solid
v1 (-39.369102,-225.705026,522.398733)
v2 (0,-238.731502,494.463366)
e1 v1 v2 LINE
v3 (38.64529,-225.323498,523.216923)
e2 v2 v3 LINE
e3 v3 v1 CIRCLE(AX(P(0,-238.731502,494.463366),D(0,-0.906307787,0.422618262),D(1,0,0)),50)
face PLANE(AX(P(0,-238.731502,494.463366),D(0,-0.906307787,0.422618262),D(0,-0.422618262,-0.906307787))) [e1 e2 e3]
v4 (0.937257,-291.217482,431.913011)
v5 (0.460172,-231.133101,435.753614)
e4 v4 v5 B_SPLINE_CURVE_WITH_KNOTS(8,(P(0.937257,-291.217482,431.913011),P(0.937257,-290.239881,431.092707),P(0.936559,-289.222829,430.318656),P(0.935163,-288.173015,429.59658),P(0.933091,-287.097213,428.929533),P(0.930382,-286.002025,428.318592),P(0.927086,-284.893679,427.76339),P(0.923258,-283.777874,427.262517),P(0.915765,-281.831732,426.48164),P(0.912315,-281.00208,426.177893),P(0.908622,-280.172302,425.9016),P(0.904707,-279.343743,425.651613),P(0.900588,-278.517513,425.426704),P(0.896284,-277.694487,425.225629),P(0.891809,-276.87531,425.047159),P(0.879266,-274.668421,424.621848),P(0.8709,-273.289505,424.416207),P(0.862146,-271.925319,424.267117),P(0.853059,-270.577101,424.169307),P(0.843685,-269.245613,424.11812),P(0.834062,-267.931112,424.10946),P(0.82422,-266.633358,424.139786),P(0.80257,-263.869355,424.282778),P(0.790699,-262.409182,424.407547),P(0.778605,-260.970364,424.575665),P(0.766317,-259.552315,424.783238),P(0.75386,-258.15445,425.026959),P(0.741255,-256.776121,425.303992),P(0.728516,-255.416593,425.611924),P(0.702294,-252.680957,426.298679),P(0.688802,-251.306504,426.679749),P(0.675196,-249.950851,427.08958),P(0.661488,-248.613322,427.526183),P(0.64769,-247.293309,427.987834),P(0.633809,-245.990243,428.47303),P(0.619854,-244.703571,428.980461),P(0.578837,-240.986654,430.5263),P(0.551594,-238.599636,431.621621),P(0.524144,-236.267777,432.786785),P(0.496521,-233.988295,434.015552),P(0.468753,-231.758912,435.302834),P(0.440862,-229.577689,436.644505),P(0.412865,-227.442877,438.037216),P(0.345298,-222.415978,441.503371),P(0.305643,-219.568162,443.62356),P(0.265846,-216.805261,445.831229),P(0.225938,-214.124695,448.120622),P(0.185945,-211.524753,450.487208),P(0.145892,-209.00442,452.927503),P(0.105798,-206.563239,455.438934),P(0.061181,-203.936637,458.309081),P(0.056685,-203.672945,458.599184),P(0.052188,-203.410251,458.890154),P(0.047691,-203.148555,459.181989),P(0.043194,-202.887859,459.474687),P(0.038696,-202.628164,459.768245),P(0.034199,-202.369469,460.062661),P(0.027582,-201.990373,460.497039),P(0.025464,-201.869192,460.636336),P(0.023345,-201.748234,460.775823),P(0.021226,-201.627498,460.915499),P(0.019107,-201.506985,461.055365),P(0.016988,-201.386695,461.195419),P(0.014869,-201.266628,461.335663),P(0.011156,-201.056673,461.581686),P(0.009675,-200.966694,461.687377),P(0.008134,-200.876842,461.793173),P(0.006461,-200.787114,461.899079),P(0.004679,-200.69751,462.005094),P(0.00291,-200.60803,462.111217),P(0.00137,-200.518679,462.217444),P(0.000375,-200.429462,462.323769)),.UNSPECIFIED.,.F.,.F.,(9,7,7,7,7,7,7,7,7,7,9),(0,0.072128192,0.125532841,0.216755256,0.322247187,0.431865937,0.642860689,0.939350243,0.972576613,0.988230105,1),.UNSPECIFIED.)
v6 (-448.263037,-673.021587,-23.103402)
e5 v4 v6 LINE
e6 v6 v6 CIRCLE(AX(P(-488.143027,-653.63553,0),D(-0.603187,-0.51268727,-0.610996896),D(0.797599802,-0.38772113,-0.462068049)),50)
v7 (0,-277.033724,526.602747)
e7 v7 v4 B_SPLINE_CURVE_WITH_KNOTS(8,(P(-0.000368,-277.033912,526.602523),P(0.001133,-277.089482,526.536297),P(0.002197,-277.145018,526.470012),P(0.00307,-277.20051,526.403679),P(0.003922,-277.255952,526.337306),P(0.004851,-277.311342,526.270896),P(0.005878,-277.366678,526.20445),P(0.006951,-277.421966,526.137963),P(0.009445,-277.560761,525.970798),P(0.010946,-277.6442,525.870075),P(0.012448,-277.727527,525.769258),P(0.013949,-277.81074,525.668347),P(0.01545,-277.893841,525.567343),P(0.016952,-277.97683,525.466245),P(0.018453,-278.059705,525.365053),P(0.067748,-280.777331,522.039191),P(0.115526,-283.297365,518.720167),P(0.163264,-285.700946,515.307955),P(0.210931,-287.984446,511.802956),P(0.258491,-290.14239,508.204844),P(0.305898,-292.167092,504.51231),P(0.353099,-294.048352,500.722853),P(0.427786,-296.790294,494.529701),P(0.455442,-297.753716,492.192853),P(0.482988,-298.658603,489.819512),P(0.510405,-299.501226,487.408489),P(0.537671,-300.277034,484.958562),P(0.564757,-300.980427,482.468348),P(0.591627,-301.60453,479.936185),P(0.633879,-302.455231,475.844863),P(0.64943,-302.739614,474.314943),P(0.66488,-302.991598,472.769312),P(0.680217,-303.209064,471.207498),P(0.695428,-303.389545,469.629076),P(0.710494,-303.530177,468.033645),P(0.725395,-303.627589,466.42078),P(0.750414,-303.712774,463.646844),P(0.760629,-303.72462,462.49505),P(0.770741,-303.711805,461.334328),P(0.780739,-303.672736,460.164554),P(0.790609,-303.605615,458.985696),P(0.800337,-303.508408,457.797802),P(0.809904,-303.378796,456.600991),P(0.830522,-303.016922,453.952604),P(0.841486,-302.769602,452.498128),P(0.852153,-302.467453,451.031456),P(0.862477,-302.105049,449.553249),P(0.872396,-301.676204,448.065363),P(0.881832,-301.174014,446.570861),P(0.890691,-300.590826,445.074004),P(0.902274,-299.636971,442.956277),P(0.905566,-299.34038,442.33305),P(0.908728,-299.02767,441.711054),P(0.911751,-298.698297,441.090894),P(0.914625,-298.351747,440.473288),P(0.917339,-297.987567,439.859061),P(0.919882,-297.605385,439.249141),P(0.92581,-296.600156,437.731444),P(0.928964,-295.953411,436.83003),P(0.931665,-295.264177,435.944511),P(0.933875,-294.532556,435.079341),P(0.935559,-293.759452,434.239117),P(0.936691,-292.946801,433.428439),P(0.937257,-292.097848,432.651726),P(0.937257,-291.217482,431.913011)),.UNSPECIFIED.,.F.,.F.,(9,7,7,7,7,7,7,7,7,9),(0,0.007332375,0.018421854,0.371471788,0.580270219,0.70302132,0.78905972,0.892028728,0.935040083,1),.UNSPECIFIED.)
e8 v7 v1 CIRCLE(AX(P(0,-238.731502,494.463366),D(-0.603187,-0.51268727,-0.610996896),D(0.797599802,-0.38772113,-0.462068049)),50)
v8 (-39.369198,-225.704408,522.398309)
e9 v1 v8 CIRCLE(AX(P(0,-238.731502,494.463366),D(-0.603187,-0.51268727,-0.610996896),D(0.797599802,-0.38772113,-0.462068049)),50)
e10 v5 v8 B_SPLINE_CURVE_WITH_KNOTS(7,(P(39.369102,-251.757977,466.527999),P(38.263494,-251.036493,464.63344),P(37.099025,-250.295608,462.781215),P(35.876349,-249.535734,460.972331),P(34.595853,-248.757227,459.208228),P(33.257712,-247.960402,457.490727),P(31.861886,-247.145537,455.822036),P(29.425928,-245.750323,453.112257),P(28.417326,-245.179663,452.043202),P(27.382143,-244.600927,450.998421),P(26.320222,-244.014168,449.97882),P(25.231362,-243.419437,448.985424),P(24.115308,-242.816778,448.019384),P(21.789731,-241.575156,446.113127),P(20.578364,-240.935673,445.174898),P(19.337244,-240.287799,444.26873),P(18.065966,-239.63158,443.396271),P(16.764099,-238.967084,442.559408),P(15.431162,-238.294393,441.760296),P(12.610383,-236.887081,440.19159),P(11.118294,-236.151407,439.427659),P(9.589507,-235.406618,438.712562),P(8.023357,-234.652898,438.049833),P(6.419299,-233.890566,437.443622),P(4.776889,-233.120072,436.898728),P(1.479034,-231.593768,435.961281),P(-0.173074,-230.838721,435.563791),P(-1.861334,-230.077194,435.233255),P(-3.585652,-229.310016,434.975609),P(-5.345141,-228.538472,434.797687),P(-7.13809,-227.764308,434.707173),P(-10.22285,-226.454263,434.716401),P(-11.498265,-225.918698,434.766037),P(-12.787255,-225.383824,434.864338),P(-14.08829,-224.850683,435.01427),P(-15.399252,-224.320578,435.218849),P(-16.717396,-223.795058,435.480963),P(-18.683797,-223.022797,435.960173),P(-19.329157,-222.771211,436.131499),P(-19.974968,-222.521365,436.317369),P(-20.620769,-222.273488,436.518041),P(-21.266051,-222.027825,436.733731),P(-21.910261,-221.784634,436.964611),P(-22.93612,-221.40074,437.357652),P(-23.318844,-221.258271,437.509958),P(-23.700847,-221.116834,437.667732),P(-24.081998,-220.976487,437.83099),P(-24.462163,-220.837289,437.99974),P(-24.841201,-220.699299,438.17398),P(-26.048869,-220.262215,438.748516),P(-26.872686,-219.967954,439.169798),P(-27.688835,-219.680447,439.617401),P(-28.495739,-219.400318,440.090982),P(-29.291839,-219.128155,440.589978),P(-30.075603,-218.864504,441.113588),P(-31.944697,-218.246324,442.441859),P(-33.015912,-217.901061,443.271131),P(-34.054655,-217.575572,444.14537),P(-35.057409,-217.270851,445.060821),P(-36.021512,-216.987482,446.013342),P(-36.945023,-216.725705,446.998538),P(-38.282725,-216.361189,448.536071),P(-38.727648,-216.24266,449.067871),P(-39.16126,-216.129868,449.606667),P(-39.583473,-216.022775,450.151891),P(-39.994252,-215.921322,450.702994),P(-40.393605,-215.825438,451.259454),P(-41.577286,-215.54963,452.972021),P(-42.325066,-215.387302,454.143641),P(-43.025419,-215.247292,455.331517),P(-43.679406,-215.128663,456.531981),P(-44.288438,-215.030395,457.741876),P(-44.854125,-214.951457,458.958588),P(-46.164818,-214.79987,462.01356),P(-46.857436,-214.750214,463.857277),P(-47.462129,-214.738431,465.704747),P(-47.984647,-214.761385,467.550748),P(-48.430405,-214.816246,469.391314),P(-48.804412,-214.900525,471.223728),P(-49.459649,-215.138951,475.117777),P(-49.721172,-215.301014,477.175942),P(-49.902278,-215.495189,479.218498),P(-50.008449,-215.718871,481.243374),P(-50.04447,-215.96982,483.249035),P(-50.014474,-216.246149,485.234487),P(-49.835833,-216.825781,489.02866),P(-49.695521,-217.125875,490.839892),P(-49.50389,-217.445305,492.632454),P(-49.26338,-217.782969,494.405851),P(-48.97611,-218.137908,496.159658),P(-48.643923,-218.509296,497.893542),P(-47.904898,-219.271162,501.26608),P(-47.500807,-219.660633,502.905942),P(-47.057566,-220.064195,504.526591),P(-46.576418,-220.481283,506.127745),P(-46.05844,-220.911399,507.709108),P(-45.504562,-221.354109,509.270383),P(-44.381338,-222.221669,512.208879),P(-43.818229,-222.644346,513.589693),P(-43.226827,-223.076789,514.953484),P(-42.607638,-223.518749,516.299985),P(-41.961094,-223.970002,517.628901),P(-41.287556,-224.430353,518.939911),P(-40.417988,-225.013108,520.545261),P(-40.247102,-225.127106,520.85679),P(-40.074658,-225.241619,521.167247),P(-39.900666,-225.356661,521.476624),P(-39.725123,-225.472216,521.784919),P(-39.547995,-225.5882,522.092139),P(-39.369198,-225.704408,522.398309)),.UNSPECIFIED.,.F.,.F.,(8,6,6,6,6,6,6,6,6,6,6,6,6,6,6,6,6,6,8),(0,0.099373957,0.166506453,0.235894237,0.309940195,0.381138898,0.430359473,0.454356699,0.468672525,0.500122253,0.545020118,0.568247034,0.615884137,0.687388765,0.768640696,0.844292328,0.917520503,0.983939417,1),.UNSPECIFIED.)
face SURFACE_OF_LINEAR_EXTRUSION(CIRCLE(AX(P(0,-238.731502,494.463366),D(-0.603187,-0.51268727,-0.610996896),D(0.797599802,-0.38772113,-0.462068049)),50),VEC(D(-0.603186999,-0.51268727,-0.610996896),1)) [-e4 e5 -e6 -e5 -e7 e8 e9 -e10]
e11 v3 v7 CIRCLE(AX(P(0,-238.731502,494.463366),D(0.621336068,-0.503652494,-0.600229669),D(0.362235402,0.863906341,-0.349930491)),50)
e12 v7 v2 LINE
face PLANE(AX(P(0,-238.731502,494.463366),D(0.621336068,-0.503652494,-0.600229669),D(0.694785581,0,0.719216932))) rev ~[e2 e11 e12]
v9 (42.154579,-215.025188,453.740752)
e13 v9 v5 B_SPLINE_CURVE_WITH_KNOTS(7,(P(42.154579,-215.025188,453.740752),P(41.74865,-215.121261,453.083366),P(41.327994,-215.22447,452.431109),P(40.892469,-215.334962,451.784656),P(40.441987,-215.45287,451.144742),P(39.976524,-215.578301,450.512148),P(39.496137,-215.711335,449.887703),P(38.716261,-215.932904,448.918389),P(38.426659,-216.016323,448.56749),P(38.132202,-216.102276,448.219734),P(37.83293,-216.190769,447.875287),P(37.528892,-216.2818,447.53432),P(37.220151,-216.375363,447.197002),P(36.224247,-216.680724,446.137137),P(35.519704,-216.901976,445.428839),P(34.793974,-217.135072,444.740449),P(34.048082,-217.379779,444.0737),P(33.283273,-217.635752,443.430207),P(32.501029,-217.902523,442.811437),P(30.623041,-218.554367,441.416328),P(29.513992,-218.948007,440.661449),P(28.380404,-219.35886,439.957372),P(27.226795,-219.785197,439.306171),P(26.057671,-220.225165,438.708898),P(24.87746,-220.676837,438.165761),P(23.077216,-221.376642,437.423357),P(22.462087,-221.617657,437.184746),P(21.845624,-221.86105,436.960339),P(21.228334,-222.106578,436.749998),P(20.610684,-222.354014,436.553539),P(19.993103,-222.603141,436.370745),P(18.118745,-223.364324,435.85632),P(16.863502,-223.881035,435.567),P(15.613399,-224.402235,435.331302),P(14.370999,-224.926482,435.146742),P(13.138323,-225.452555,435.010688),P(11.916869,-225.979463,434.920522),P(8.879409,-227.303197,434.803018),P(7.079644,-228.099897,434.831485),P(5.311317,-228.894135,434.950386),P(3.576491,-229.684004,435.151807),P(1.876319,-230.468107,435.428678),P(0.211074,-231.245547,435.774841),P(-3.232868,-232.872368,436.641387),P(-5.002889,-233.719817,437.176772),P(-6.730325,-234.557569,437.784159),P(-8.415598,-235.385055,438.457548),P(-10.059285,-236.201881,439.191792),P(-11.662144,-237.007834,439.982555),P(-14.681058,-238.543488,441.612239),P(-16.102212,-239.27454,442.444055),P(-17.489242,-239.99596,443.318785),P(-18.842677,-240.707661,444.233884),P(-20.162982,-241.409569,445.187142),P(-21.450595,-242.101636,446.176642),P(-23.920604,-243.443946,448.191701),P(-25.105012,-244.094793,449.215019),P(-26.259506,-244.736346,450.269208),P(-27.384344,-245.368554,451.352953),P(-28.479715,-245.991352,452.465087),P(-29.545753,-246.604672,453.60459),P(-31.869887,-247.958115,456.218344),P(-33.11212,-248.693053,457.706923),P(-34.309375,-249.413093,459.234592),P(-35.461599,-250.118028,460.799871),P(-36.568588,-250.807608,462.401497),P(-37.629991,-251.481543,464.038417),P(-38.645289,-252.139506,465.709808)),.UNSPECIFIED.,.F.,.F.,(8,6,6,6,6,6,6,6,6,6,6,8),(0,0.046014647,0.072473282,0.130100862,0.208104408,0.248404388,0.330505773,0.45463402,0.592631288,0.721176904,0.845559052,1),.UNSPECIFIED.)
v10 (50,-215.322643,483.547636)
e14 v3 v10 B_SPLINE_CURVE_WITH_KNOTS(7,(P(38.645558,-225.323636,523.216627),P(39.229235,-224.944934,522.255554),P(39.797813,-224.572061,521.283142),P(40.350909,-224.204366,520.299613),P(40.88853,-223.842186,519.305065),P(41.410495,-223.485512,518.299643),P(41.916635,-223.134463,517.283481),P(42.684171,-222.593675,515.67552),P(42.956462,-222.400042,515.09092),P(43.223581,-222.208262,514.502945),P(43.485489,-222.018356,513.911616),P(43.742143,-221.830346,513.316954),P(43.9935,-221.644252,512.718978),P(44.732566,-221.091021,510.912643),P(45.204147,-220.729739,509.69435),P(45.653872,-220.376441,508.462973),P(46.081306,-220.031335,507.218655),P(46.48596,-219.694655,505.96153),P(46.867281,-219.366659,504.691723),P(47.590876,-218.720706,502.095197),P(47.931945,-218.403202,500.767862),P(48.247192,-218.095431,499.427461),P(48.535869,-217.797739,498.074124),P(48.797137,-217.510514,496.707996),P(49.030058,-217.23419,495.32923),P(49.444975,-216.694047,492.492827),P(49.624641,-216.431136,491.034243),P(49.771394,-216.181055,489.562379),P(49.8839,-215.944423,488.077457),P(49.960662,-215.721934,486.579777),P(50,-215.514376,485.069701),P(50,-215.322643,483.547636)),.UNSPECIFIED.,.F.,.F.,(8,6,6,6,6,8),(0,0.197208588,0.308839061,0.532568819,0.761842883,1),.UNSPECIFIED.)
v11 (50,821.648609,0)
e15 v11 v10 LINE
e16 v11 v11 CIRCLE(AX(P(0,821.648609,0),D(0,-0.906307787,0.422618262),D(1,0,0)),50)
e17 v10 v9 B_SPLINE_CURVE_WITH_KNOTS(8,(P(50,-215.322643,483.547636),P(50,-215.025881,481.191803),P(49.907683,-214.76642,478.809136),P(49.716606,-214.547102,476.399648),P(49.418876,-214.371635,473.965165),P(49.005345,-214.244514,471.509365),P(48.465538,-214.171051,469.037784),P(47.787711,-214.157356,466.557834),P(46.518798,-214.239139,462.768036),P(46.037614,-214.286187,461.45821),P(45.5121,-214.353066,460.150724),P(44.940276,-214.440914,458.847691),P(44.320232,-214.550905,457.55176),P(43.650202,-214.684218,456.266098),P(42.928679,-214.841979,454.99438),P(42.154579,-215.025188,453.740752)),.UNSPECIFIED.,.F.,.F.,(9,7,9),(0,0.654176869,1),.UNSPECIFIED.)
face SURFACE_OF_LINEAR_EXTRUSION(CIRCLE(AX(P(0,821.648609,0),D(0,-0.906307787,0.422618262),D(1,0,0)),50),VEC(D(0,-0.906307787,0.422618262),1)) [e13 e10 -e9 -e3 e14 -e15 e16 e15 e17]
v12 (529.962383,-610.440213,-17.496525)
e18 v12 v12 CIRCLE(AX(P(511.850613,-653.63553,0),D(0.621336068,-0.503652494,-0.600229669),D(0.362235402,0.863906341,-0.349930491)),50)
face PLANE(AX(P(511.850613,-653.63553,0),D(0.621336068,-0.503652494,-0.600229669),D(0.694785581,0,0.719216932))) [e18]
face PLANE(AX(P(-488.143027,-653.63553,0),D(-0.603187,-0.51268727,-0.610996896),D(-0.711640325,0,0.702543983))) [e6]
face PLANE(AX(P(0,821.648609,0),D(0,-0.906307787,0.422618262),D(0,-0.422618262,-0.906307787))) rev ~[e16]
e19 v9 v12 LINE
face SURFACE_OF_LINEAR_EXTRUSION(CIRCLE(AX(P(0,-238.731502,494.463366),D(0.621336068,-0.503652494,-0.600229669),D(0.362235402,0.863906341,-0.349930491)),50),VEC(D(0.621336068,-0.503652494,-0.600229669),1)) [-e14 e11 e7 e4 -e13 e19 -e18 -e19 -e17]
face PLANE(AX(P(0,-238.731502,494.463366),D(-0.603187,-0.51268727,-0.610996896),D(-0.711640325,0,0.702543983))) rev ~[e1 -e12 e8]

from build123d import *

# Parameters (mm, degrees)
F11_R = 50
F9_R  = 50
F7_R  = 50


with BuildPart() as f12:
    # F12: sweep along a path in F0
    with BuildLine(Plane.YZ) as f12_path:
        Line((821.6486089239, 0), (-238.731501909, 494.4633662366))
    # F11 (on line) → F12 (sweep)
    with BuildSketch(Plane(origin=(0, 674.8970771282, -314.7096755313), x_dir=(1, 0, 0), z_dir=(0, -0.906307787, 0.4226182617))):
        with Locations((0, 347.2437068651)):
            Circle(F11_R)
    sweep(path=f12_path.line)

    # F13: sweep along a path in F5
    with BuildLine(Plane(origin=(0, -383.5690744088, 321.8526688674), x_dir=(-1, 0, 0), z_dir=(0, 0.7660444431, -0.6427876097))) as f13_path:
        Line((0, 225.3272625625), (-511.8506124884, -420.1488200306))
    # F9 (on line) → F13 (sweep)
    with BuildSketch(Plane(origin=(402.1513273357, -325.9822331019, -388.4904974211), x_dir=(0.3622354017, 0.8639063406, -0.3499304909), z_dir=(0.6213360681, -0.503652494, -0.6002296692))):
        with Locations((-379.2694666792, 355.6264254243)):
            Circle(F9_R)
    sweep(path=f13_path.line)

    # F14: sweep along a path in F3
    with BuildLine(Plane(origin=(0, -383.5690744088, 321.8526688674), x_dir=(-1, 0, 0), z_dir=(0, 0.7660444431, -0.6427876097))) as f14_path:
        Line((0, 225.3272625625), (488.1430269655, -420.1488200306))
    # F7 (on line) → F14 (sweep)
    with BuildSketch(Plane(origin=(-379.7376683339, -322.7633696737, -384.6544053665), x_dir=(0.7975998017, -0.3877211296, -0.4620680491), z_dir=(-0.6031869995, -0.51268727, -0.6109968959))):
        with Locations((-135.9144754082, 500.7138656956)):
            Circle(F7_R)
    sweep(path=f14_path.line)


solid = f12.part
